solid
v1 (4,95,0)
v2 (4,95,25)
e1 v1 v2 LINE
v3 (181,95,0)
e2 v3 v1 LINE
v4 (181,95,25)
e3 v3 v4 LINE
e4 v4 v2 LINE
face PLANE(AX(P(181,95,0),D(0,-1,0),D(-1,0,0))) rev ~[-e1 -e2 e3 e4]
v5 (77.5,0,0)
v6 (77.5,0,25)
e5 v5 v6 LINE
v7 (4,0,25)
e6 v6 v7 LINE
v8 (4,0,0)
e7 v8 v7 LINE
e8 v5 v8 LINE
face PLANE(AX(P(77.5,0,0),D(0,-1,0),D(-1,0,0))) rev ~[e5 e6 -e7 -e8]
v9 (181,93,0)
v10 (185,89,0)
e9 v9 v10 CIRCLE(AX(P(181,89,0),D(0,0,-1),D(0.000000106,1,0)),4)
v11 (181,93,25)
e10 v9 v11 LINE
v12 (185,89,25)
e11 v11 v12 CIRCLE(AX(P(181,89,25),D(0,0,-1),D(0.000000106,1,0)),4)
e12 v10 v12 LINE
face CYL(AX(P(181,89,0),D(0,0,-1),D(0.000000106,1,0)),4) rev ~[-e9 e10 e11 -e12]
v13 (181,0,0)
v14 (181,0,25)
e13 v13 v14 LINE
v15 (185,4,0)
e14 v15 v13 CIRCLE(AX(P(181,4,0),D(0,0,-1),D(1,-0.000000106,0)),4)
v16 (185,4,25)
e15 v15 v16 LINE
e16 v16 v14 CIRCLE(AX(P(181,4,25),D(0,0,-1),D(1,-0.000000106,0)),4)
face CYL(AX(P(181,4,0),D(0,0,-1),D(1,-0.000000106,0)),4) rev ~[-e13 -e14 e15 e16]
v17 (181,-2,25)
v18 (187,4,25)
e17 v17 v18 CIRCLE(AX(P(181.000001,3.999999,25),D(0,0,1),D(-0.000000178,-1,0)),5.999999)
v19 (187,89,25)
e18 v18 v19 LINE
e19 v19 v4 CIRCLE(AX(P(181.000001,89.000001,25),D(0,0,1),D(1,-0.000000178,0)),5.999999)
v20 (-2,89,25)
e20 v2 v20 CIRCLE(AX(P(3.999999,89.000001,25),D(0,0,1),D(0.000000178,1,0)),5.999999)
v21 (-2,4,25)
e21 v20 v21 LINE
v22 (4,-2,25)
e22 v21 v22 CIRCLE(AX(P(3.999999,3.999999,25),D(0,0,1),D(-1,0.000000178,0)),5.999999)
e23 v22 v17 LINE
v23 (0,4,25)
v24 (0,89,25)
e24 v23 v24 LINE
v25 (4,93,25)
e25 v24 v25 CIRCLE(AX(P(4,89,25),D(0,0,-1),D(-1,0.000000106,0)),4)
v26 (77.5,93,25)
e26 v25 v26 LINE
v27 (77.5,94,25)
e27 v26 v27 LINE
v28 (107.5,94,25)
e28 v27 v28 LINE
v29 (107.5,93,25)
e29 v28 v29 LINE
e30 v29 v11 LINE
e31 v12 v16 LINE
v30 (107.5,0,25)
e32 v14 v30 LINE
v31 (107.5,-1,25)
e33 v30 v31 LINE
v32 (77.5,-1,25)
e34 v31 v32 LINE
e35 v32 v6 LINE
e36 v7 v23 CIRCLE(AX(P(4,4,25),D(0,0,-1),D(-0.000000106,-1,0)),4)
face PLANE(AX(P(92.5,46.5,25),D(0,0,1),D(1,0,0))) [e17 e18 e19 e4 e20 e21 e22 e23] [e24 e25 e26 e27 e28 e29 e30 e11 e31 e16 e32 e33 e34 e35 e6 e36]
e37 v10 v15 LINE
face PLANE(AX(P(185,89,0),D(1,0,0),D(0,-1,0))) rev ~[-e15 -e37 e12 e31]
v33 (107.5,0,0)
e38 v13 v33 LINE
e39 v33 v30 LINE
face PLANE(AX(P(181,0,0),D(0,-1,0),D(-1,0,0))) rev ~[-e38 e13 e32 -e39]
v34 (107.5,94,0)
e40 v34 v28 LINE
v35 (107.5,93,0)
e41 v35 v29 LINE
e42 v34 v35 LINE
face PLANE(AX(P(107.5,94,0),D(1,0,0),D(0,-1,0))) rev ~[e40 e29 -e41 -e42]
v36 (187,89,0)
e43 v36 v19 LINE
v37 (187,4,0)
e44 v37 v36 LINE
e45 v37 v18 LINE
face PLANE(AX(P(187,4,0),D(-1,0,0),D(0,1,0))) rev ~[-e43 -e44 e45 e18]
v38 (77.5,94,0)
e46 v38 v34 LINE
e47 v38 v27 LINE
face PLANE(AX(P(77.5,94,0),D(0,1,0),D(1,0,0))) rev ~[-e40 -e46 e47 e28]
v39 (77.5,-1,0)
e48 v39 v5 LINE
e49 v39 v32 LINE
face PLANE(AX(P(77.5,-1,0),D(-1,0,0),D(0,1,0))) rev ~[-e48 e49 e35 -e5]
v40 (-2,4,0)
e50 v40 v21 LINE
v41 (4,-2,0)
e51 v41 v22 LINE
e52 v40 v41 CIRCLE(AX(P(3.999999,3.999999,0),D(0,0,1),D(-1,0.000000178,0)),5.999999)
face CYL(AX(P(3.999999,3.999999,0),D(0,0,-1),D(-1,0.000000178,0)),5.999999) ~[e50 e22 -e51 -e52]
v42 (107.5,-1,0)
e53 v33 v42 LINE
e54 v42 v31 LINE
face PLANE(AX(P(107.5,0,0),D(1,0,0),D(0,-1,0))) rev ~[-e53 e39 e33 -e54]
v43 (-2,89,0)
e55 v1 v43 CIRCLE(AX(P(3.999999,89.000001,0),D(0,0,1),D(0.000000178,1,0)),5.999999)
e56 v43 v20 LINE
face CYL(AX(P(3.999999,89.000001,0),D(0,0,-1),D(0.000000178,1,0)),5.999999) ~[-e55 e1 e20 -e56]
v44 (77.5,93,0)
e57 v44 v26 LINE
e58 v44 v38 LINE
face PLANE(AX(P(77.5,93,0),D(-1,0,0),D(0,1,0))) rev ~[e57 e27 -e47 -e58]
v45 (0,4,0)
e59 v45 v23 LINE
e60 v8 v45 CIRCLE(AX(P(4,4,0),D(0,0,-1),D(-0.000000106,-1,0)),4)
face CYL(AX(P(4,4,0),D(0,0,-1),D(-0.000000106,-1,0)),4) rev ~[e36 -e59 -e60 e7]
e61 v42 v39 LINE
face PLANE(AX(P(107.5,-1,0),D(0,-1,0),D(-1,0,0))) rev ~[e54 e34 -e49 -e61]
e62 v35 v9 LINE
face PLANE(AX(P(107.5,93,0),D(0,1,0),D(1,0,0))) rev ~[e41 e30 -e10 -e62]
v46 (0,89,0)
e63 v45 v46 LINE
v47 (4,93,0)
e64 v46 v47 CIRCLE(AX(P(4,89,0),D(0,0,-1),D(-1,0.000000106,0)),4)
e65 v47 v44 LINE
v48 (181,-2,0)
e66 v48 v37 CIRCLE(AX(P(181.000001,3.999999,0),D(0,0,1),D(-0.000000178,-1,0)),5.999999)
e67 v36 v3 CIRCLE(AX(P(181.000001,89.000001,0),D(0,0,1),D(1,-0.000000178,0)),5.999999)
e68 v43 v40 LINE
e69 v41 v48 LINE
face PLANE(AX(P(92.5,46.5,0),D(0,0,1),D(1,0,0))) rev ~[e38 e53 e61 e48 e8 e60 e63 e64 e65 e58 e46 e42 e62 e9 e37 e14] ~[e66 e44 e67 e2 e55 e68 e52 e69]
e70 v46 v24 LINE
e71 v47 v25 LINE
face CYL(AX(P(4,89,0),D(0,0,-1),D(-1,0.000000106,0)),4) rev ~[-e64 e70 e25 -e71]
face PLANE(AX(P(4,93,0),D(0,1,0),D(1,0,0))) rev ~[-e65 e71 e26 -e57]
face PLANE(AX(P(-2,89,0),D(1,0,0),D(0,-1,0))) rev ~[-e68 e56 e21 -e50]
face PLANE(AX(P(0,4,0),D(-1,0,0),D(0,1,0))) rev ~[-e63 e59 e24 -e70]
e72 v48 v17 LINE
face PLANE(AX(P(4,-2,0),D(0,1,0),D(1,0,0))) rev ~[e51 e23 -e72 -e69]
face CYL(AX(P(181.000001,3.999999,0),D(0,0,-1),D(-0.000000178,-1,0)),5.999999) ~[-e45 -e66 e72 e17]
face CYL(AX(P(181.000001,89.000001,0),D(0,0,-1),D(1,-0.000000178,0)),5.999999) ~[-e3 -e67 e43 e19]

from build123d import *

# Parameters (mm, degrees)
F1_DEPTH = 25


with BuildPart() as f1:
    # F0 (on Top) → F1 (new body)
    with BuildSketch(Plane.XY):
        with BuildLine():
            Line((77.5, 95), (4, 95))
            ThreePointArc((4, 95), (-0.242641, 93.242641), (-2, 89))
            Line((-2, 89), (-2, 4))
            ThreePointArc((-2, 4), (-0.242641, -0.242641), (4, -2))
            Line((4, -2), (77.5, -2))
            Line((77.5, -2), (107.5, -2))
            Line((107.5, -2), (181, -2))
            ThreePointArc((181, -2), (185.242641, -0.242641), (187, 4))
            Line((187, 4), (187, 89))
            ThreePointArc((187, 89), (185.242641, 93.242641), (181, 95))
            Line((181, 95), (107.5, 95))
            Line((107.5, 95), (77.5, 95))
        make_face()
        with BuildLine():
            Line((77.5, 0), (4, 0))
            ThreePointArc((4, 0), (1.171573, 1.171573), (0, 4))
            Line((0, 4), (0, 89))
            ThreePointArc((0, 89), (1.171573, 91.828427), (4, 93))
            Line((4, 93), (77.5, 93))
            Line((77.5, 93), (77.5, 94))
            Line((77.5, 94), (107.5, 94))
            Line((107.5, 94), (107.5, 93))
            Line((107.5, 93), (181, 93))
            ThreePointArc((181, 93), (183.828427, 91.828427), (185, 89))
            Line((185, 89), (185, 4))
            ThreePointArc((185, 4), (183.828427, 1.171573), (181, 0))
            Line((181, 0), (107.5, 0))
            Line((107.5, 0), (107.5, -1))
            Line((107.5, -1), (77.5, -1))
            Line((77.5, -1), (77.5, 0))
        make_face(mode=Mode.SUBTRACT)
    extrude(amount=F1_DEPTH)


solid = f1.part
